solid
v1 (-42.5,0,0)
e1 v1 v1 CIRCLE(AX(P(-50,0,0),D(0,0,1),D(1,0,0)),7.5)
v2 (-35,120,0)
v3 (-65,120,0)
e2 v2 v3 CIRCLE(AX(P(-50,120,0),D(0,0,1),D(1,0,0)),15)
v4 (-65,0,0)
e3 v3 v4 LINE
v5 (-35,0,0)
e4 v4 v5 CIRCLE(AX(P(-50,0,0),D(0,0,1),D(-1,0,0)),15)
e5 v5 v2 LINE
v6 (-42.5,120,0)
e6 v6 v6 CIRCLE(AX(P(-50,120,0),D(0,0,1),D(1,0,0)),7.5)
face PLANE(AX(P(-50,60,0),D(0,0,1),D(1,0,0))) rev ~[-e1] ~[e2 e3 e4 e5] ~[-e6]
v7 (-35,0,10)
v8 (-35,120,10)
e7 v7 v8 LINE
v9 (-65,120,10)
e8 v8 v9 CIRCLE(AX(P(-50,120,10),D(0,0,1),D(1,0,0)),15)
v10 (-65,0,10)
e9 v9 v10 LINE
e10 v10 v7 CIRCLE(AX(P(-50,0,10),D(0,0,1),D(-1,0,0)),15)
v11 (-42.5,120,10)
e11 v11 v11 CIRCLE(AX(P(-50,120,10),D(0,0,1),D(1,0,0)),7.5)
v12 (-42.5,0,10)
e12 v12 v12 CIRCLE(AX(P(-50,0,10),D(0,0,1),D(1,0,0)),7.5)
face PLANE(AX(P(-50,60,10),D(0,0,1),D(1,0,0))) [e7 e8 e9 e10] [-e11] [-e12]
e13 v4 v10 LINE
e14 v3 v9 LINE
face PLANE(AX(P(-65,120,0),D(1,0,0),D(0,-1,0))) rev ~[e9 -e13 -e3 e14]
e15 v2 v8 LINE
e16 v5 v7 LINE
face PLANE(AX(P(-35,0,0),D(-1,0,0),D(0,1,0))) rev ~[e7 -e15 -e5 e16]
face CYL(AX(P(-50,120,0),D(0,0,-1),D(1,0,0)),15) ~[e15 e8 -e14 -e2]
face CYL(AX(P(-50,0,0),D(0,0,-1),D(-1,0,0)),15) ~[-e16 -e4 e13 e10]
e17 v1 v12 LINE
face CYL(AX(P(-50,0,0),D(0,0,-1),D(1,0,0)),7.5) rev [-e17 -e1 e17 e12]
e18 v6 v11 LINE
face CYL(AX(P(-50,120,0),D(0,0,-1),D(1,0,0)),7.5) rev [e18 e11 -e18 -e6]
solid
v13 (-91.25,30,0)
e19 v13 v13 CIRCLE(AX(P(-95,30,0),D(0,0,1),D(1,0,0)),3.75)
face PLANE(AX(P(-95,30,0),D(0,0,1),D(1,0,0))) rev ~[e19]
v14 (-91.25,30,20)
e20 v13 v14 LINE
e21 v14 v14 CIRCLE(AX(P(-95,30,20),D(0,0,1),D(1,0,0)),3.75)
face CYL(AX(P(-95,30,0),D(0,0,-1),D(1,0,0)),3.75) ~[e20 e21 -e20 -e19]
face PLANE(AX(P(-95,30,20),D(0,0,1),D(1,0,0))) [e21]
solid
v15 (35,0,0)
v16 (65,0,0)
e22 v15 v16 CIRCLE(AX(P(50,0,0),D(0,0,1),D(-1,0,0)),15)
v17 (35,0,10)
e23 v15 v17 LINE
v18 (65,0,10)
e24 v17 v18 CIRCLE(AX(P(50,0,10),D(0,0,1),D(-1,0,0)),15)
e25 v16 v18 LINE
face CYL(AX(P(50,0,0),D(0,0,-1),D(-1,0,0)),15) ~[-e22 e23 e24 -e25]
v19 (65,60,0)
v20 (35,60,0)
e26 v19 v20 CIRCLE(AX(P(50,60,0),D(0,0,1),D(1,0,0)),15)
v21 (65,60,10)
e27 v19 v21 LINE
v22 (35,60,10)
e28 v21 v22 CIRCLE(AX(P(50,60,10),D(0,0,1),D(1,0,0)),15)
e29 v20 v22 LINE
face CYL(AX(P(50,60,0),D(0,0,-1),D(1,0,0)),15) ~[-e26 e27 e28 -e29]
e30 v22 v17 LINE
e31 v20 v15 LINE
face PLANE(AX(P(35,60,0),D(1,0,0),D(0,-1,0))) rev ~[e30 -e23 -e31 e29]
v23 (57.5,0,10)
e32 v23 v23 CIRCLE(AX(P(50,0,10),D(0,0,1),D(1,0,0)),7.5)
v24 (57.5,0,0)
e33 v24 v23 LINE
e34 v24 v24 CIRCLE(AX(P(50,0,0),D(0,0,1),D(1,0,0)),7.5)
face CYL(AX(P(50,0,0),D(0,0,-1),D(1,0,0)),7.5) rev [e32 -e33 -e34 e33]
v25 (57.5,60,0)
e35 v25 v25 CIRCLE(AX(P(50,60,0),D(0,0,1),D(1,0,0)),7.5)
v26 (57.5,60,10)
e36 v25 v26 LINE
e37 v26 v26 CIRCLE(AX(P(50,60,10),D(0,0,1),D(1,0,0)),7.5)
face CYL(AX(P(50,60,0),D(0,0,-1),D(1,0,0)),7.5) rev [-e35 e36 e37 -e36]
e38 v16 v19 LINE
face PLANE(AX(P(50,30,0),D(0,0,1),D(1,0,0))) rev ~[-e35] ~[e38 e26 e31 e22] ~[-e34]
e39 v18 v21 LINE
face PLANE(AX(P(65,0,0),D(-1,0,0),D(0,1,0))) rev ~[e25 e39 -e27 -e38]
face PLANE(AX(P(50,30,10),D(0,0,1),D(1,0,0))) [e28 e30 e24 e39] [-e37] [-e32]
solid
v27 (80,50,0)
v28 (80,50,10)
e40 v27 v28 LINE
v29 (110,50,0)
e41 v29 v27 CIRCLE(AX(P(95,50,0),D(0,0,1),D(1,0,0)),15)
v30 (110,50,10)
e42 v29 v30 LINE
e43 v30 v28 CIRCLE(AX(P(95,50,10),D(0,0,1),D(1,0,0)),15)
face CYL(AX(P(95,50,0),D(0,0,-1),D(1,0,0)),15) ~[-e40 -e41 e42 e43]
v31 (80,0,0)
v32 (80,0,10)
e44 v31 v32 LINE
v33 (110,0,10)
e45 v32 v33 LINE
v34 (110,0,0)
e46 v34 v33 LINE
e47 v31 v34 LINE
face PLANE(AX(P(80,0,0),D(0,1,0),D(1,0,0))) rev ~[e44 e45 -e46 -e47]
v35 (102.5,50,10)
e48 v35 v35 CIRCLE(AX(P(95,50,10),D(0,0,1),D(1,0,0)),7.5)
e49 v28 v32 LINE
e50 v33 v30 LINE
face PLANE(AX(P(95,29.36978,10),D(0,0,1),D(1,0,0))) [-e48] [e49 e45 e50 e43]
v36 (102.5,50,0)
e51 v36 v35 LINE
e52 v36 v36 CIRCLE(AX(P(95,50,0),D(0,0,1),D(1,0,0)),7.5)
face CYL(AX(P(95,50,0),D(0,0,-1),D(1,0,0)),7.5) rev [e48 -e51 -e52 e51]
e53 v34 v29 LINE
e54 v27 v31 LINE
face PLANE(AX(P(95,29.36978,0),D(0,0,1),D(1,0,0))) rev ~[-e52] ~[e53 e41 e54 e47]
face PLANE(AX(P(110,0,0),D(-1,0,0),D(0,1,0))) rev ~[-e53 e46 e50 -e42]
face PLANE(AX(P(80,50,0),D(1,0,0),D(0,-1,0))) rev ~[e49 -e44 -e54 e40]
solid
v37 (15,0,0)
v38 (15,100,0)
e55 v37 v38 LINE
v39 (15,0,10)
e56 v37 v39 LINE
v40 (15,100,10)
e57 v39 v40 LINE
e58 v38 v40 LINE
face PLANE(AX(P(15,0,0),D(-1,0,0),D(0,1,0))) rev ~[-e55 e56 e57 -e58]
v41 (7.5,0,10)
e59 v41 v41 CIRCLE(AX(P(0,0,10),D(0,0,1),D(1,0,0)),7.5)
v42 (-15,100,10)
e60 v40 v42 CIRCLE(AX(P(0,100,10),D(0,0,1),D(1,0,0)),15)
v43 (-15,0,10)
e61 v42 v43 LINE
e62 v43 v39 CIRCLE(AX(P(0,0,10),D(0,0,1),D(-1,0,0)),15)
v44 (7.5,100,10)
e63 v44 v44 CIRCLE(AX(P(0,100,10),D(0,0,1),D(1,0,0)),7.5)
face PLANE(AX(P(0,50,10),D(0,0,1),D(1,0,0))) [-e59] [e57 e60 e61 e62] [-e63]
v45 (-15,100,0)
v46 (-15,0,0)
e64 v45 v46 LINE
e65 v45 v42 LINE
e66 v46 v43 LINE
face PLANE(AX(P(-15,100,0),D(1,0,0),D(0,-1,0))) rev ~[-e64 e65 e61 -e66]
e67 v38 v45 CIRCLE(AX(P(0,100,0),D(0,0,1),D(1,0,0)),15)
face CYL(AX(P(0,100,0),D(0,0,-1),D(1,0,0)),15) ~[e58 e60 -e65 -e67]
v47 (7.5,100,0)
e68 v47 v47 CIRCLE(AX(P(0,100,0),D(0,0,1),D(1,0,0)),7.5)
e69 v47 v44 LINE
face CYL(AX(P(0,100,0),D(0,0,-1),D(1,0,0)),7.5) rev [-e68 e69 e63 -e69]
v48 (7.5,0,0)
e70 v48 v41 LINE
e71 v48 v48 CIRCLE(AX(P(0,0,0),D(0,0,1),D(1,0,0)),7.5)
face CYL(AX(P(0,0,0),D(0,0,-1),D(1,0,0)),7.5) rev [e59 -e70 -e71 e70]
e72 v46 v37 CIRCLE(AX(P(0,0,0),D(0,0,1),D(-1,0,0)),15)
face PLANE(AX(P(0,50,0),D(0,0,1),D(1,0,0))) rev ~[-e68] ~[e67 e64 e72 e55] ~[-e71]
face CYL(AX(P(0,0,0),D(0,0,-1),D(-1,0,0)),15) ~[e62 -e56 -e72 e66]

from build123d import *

# Parameters (mm, degrees)
F1_R     = 7.5
F2_DEPTH = 10
F1_R_2   = 3.75
F3_DEPTH = 20


with BuildPart() as f2:
    # F1 (on Top) → F2 (new body)
    with BuildSketch(Plane.XY):
        with BuildLine():
            Line((-35, 0), (-35, 120))
            ThreePointArc((-35, 120), (-50, 135), (-65, 120))
            Line((-65, 120), (-65, 0))
            ThreePointArc((-65, 0), (-50, -15), (-35, 0))
        make_face()
        with Locations((-50, 0)):
            Circle(F1_R, mode=Mode.SUBTRACT)
        with Locations((-50, 120)):
            Circle(F1_R, mode=Mode.SUBTRACT)
    extrude(amount=F2_DEPTH)


with BuildPart() as f2b:
    # F1 (on Top) → F2, piece 2 (new body)
    with BuildSketch(Plane.XY):
        with BuildLine():
            Line((-15, 50), (-15, 0))
            ThreePointArc((-15, 0), (0, -15), (15, 0))
            Line((15, 0), (15, 50))
            Line((15, 50), (15, 100))
            ThreePointArc((15, 100), (0, 115), (-15, 100))
            Line((-15, 100), (-15, 50))
        make_face()
        Circle(F1_R, mode=Mode.SUBTRACT)
        with Locations((0, 100)):
            Circle(F1_R, mode=Mode.SUBTRACT)
    extrude(amount=F2_DEPTH)


with BuildPart() as f2c:
    # F1 (on Top) → F2, piece 3 (new body)
    with BuildSketch(Plane.XY):
        with BuildLine():
            Line((35, 30), (35, 0))
            ThreePointArc((35, 0), (50, -15), (65, 0))
            Line((65, 0), (65, 30))
            Line((65, 30), (65, 60))
            ThreePointArc((65, 60), (50, 75), (35, 60))
            Line((35, 60), (35, 30))
        make_face()
        with Locations((50, 0)):
            Circle(F1_R, mode=Mode.SUBTRACT)
        with Locations((50, 60)):
            Circle(F1_R, mode=Mode.SUBTRACT)
    extrude(amount=F2_DEPTH)


with BuildPart() as f2d:
    # F1 (on Top) → F2, piece 4 (new body)
    with BuildSketch(Plane.XY):
        with BuildLine():
            Line((80, 50), (80, 0))
            Line((80, 0), (110, 0))
            Line((110, 0), (110, 50))
            ThreePointArc((110, 50), (95, 65), (80, 50))
        make_face()
        with Locations((95, 50)):
            Circle(F1_R, mode=Mode.SUBTRACT)
    extrude(amount=F2_DEPTH)


with BuildPart() as f3:
    # F1 (on Top) → F3 (new body)
    with BuildSketch(Plane.XY):
        with Locations((-95, 30)):
            Circle(F1_R_2)
    extrude(amount=F3_DEPTH)


solid = Compound([f2.part, f2b.part, f2c.part, f2d.part, f3.part])
